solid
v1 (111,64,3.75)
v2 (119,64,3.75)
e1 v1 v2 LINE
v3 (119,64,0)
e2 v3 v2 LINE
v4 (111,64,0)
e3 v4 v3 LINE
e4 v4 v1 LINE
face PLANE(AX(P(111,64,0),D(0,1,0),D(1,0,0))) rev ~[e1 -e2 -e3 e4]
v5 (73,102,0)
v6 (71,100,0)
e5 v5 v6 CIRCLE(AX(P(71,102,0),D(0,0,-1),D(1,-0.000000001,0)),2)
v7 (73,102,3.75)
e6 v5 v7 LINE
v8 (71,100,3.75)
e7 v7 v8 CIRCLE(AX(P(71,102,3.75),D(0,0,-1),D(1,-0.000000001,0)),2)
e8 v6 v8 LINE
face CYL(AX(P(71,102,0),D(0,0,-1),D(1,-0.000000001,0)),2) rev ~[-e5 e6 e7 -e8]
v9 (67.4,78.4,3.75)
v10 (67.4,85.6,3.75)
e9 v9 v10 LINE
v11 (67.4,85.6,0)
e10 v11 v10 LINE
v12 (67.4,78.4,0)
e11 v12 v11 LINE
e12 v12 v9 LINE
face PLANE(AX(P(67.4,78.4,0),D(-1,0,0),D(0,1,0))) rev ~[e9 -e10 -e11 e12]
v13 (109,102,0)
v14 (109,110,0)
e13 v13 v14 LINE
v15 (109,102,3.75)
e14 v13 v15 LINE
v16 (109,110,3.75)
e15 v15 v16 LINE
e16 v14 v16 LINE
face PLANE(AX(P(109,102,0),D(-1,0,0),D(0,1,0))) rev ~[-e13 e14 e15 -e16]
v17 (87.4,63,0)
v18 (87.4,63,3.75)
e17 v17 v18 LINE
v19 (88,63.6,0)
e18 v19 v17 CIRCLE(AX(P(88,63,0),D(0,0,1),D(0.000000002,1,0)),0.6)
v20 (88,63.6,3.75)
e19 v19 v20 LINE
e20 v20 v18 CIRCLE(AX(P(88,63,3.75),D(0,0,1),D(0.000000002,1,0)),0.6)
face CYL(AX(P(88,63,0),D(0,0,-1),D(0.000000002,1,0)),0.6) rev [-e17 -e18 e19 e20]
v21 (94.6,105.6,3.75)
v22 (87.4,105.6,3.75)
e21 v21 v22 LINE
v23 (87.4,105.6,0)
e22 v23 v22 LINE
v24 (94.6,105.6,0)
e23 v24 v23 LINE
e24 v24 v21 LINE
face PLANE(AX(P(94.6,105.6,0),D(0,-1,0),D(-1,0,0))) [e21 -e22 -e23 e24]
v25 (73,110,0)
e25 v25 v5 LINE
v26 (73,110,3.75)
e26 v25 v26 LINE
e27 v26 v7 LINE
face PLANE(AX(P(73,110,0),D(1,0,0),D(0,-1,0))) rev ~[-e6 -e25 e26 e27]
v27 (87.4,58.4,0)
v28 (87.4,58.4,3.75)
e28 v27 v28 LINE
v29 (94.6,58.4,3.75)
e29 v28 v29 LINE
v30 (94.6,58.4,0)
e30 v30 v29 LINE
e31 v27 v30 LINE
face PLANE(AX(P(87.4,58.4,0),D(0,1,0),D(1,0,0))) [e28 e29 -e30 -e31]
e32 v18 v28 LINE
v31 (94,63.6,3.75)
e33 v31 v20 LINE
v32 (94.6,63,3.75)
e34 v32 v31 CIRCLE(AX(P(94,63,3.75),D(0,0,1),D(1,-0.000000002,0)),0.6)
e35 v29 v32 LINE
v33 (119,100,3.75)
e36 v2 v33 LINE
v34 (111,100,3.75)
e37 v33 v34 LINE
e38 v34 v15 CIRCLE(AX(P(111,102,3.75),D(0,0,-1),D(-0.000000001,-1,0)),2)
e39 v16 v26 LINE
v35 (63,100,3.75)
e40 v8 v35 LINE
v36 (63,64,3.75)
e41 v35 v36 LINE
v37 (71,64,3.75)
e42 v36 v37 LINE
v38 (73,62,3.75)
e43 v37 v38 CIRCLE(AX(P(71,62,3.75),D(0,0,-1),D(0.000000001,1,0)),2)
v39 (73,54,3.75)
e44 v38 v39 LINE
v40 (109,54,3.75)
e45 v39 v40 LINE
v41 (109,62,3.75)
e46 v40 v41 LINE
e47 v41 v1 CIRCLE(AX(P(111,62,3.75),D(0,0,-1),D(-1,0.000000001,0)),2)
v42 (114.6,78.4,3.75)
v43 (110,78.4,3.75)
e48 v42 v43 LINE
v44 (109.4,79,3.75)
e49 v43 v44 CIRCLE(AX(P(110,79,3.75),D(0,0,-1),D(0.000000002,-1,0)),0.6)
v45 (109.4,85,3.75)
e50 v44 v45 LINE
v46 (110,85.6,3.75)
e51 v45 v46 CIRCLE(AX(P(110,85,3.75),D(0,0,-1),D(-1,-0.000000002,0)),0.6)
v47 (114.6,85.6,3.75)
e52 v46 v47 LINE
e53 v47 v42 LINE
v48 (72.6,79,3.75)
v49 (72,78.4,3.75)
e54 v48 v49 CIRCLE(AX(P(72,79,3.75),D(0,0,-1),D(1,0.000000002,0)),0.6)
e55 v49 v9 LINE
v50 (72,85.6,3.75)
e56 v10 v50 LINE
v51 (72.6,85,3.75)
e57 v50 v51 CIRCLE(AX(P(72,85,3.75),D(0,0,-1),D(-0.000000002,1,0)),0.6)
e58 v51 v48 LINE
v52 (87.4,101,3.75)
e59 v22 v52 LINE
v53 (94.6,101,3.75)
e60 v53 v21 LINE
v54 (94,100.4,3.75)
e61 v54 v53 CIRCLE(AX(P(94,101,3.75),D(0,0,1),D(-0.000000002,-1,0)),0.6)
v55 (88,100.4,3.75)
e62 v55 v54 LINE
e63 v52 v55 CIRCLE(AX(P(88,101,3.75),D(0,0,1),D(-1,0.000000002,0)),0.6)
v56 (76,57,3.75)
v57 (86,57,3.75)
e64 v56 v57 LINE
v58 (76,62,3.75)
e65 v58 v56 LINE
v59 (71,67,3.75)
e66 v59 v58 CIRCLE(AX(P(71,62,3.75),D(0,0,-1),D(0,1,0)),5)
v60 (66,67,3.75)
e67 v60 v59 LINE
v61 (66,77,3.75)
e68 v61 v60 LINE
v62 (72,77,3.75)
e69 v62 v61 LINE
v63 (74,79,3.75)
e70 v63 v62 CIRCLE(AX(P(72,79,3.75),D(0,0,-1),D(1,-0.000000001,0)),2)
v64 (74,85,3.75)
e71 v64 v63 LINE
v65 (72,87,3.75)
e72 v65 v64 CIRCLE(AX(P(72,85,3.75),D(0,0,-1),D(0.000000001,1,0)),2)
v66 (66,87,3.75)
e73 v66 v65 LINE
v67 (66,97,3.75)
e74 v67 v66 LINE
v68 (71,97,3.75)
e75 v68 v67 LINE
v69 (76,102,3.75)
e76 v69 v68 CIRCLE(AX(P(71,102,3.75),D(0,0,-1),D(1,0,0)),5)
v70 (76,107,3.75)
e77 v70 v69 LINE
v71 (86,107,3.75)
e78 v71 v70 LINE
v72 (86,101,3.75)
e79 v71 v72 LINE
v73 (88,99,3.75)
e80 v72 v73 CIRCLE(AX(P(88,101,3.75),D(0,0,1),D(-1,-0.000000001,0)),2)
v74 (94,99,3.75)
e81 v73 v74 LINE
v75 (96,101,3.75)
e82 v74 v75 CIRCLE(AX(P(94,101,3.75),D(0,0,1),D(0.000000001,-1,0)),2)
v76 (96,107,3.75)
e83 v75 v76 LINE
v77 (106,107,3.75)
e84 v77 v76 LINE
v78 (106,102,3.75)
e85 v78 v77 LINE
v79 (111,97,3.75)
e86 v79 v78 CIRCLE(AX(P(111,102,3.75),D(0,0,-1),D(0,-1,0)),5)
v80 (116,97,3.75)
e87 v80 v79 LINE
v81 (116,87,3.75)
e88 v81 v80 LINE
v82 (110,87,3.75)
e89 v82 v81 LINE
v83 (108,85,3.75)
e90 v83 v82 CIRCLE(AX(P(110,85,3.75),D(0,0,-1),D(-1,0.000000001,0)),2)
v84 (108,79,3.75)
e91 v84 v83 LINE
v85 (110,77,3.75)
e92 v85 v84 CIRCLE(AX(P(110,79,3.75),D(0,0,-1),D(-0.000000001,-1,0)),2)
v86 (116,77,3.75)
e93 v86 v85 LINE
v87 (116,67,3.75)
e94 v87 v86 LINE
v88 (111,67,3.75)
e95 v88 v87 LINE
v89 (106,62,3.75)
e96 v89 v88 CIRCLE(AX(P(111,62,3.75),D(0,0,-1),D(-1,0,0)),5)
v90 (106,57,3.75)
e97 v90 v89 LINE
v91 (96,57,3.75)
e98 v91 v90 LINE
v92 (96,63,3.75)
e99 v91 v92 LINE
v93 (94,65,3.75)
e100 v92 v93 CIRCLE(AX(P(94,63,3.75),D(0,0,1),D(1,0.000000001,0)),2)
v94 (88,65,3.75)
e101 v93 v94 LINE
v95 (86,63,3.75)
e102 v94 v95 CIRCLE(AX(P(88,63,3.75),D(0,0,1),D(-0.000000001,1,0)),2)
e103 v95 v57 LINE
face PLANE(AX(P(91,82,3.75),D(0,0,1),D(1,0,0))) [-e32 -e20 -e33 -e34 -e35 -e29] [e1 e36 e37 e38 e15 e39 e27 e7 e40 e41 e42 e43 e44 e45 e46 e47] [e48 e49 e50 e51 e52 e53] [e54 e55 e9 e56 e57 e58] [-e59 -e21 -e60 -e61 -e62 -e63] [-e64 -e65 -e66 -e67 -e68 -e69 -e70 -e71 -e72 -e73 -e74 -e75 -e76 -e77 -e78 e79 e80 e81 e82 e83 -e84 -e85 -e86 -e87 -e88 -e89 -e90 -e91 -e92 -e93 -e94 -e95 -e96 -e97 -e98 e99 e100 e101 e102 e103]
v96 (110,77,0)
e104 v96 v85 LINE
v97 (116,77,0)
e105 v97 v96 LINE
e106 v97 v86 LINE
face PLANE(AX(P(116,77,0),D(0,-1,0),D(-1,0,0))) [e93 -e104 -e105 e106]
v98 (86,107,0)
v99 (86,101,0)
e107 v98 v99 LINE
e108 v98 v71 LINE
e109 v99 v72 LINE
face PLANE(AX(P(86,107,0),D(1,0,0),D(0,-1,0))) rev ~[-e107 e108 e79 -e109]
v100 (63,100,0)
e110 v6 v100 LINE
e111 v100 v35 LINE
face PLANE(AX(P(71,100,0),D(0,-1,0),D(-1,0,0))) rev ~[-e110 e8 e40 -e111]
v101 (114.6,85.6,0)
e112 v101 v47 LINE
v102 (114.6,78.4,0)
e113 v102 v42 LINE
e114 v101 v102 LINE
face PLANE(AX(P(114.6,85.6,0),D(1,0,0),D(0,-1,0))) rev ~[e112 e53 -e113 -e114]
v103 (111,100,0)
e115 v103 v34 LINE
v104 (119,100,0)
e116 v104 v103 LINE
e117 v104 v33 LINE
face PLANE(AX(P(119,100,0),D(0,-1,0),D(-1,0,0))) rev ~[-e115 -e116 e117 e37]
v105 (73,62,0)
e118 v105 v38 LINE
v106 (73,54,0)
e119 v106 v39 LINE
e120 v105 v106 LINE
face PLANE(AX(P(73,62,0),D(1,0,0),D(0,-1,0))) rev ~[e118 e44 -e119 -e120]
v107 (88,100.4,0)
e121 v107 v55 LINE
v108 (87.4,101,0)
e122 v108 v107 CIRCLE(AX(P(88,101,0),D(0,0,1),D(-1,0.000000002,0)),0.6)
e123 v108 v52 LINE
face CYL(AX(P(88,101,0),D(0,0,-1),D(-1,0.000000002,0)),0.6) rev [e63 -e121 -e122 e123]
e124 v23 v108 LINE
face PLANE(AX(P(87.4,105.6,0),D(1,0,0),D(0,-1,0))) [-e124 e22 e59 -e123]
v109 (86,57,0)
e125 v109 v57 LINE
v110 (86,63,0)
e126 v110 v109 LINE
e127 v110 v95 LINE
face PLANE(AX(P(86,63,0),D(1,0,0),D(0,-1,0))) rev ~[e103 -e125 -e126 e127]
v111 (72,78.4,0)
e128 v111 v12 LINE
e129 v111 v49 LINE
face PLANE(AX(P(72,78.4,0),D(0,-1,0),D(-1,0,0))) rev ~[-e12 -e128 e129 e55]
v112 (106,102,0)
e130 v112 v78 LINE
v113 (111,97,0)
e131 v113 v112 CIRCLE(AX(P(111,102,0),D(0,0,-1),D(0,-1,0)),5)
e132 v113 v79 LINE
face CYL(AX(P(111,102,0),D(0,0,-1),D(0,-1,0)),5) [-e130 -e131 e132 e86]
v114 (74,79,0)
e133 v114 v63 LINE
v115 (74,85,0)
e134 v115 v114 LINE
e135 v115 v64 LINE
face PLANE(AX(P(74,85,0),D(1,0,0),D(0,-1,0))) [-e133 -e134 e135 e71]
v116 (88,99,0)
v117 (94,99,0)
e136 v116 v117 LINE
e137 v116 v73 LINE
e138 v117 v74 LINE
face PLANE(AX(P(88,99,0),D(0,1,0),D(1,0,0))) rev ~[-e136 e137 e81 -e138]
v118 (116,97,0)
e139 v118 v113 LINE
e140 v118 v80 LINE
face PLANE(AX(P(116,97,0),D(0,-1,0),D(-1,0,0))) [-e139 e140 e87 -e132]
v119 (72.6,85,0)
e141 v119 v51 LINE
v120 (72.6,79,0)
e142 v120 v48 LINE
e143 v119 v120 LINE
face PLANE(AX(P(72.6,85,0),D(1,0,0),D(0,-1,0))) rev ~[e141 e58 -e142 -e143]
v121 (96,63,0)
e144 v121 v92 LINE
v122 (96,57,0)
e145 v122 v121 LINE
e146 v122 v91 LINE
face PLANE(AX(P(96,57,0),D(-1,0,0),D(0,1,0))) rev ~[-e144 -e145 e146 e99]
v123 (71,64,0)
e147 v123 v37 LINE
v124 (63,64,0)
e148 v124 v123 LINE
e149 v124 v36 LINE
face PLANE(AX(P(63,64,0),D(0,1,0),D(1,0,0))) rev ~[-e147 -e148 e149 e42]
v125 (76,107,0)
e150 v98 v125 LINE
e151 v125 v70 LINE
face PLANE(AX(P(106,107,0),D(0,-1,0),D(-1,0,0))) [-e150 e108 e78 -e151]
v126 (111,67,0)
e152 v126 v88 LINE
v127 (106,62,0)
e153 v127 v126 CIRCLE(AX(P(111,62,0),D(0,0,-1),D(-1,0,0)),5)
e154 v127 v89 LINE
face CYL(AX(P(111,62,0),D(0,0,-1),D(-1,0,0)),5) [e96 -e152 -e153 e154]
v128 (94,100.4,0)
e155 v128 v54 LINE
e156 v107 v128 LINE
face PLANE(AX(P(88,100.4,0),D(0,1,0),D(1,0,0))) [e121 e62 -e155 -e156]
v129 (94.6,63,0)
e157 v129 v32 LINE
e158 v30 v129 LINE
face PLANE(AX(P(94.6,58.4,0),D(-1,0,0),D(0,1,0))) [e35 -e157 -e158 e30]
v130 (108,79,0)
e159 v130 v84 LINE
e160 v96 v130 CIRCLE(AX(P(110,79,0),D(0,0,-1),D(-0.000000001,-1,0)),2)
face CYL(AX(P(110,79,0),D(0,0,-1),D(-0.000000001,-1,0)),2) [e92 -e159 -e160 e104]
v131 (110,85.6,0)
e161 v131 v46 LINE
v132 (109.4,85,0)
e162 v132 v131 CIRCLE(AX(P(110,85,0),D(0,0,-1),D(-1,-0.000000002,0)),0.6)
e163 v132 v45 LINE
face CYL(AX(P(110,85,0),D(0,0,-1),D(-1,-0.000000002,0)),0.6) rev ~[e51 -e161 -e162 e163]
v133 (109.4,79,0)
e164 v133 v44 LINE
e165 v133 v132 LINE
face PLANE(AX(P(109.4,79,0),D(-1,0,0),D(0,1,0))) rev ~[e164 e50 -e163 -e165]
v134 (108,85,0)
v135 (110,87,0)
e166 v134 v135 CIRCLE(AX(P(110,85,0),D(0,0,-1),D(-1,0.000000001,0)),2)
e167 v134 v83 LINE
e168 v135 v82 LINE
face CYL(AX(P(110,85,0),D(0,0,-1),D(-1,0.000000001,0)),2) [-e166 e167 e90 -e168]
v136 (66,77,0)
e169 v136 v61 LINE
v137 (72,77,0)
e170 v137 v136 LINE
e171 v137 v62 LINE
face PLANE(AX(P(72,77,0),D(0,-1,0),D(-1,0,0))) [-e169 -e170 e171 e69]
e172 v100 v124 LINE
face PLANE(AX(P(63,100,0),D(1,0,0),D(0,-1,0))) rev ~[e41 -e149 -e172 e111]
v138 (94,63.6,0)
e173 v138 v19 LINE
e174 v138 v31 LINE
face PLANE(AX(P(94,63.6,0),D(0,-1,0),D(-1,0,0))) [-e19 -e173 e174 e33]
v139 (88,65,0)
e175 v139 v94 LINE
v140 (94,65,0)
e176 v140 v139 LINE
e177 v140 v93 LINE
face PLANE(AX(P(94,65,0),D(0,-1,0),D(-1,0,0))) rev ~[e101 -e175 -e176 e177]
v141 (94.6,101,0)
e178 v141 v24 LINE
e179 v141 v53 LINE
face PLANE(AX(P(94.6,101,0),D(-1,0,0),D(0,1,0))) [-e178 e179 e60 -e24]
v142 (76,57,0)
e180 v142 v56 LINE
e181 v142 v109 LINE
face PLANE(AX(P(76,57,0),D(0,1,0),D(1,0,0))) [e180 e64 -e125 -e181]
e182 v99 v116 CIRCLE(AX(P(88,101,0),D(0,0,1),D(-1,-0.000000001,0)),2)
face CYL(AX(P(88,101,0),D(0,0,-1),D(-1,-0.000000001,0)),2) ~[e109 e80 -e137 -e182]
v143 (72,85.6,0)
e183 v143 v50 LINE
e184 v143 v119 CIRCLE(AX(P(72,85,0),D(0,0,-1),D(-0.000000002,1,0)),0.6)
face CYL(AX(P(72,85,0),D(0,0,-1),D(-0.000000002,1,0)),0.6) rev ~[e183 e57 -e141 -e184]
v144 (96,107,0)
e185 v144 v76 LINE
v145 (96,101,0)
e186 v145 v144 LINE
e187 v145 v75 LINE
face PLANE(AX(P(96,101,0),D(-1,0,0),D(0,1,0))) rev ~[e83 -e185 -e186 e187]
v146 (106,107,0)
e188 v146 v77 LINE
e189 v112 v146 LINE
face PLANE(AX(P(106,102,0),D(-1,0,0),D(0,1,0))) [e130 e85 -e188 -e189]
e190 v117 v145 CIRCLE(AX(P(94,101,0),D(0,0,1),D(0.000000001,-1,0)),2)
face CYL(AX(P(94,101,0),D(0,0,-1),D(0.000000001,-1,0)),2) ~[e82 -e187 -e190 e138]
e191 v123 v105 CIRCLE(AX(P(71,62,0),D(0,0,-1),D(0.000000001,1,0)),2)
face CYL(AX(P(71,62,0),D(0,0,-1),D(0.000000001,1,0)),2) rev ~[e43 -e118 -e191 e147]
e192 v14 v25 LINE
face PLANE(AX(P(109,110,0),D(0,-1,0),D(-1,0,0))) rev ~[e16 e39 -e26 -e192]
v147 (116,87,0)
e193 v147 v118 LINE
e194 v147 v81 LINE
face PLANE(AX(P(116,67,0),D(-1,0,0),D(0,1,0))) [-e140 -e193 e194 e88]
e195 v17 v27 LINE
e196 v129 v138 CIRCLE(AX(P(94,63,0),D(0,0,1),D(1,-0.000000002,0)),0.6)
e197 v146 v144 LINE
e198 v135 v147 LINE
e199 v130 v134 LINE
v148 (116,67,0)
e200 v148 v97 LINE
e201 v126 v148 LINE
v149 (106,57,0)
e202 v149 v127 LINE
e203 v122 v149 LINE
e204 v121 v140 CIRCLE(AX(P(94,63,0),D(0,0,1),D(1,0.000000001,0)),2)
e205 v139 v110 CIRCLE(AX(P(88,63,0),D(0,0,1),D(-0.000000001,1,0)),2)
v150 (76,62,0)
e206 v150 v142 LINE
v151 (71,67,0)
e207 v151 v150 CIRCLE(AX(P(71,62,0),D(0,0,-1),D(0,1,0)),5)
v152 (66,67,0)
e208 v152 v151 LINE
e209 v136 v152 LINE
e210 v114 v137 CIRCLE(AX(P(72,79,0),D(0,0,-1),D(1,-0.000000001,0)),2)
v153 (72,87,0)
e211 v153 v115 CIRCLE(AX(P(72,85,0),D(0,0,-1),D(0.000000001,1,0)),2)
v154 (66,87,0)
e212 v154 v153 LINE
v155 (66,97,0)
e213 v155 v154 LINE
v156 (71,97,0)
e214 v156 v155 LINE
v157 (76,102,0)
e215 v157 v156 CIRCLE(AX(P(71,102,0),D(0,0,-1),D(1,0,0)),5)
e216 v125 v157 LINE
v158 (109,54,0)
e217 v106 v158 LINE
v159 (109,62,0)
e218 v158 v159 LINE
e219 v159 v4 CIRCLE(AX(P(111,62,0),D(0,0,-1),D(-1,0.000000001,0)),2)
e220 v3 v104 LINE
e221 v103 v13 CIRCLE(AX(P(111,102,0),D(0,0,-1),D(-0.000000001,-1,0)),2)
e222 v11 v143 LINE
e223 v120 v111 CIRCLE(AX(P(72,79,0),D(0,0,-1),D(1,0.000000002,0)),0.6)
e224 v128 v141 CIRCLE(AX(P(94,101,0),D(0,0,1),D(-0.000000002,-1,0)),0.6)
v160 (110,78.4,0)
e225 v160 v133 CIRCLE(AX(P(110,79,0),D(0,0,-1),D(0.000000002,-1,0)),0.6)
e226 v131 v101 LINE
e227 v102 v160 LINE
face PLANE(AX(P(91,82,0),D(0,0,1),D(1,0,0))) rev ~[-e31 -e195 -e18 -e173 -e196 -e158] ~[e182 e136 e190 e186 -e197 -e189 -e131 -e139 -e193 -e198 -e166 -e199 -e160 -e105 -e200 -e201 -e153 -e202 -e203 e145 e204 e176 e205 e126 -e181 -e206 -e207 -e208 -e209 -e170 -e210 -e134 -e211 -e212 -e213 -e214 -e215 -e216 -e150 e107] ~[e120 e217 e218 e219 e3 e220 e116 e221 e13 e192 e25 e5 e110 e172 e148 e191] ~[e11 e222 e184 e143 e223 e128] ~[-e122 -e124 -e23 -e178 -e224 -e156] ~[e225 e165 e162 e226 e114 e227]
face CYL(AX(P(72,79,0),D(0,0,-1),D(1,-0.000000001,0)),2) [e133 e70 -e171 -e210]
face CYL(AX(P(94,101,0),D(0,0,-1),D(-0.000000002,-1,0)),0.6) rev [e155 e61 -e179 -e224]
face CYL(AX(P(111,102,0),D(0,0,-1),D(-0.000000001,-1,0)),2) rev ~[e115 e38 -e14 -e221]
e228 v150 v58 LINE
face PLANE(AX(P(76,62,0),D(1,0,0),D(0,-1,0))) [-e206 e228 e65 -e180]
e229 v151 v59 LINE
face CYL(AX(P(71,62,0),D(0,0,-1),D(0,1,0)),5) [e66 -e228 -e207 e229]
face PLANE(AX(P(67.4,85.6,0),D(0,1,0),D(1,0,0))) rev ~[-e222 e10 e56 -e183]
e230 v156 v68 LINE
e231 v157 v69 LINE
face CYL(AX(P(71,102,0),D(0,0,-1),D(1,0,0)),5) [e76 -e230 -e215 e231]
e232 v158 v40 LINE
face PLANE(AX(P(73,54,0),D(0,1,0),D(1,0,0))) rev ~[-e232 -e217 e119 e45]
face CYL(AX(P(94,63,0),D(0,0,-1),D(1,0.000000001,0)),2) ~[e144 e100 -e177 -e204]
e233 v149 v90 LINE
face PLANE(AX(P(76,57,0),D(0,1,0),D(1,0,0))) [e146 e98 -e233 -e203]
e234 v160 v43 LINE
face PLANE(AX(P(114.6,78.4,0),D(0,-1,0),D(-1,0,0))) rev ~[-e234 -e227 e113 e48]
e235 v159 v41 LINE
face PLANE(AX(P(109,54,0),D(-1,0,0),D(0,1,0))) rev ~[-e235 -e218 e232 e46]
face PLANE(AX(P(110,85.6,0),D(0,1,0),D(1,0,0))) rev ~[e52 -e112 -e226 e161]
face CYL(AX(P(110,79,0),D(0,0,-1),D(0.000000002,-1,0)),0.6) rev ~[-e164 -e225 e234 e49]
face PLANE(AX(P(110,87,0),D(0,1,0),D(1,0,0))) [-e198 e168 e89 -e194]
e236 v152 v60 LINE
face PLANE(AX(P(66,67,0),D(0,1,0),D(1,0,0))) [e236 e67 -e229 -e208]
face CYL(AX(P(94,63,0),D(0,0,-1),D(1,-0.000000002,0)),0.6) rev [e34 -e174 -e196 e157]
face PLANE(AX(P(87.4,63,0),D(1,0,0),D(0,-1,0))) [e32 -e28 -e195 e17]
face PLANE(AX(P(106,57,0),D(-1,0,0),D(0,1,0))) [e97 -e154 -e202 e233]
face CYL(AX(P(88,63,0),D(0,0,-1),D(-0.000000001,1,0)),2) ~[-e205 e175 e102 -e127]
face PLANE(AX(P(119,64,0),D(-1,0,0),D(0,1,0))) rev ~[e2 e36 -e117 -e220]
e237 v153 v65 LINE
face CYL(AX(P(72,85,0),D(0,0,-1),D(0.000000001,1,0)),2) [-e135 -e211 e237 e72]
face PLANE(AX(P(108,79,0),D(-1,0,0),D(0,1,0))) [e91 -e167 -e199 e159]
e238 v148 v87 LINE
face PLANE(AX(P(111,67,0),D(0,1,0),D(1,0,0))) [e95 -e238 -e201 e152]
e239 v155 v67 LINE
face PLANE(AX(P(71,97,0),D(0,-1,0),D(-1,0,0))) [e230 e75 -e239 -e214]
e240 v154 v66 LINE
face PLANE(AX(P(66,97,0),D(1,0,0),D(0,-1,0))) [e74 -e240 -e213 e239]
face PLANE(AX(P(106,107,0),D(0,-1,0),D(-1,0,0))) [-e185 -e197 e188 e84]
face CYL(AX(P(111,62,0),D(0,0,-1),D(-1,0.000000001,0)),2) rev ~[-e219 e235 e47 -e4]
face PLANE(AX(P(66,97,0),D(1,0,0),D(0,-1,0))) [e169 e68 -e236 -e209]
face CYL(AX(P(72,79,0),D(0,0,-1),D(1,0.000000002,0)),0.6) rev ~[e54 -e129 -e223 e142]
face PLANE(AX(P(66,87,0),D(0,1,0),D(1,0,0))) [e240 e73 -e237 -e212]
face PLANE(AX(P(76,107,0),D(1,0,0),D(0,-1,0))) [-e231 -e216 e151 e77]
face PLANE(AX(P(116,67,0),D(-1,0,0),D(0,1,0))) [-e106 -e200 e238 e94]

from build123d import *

# Parameters (mm, degrees)
EXTRUDE_THIN1_DEPTH = 3.75
EXTRUDE_THIN2_DEPTH = 3.75
EXTRUDE_THIN3_DEPTH = 3.75


with BuildPart() as part:
    # Sketch1 → Extrude-Thin1 (new body)
    with BuildSketch(Plane.XY):
        with BuildLine():
            Line((73, 62), (73, 54))
            Line((73, 54), (109, 54))
            Line((109, 54), (109, 62))
            ThreePointArc((109, 62), (109.585786438, 63.414213562), (111, 64))
            Line((111, 64), (119, 64))
            Line((119, 64), (119, 100))
            Line((119, 100), (111, 100))
            ThreePointArc((111, 100), (109.585786438, 100.585786438), (109, 102))
            Line((109, 102), (109, 110))
            Line((109, 110), (73, 110))
            Line((73, 110), (73, 102))
            ThreePointArc((73, 102), (72.414213562, 100.585786438), (71, 100))
            Line((71, 100), (63, 100))
            Line((63, 100), (63, 64))
            Line((63, 64), (71, 64))
            ThreePointArc((71, 64), (72.414213562, 63.414213562), (73, 62))
        make_face()
        with BuildLine():
            Line((76, 62), (76, 57))
            Line((76, 57), (106, 57))
            Line((106, 57), (106, 62))
            ThreePointArc((106, 62), (107.464466094, 65.535533906), (111, 67))
            Line((111, 67), (116, 67))
            Line((116, 67), (116, 97))
            Line((116, 97), (111, 97))
            ThreePointArc((111, 97), (107.464466094, 98.464466094), (106, 102))
            Line((106, 102), (106, 107))
            Line((106, 107), (76, 107))
            Line((76, 107), (76, 102))
            ThreePointArc((76, 102), (74.535533906, 98.464466094), (71, 97))
            Line((71, 97), (66, 97))
            Line((66, 97), (66, 67))
            Line((66, 67), (71, 67))
            ThreePointArc((71, 67), (74.535533906, 65.535533906), (76, 62))
        make_face(mode=Mode.SUBTRACT)
    extrude(amount=EXTRUDE_THIN1_DEPTH)

    # Sketch2 → Extrude-Thin2 (add)
    # profile 1 of 2: a face of its own
    with BuildSketch(Plane.XY):
        with BuildLine():
            Line((74, 85), (74, 79))
            ThreePointArc((74, 79), (73.414213562, 77.585786438), (72, 77))
            Line((72, 77), (66, 77))
            Line((66, 77), (66, 87))
            Line((66, 87), (72, 87))
            ThreePointArc((72, 87), (73.414213562, 86.414213562), (74, 85))
        make_face()
        with BuildLine():
            Line((72.6, 85), (72.6, 79))
            ThreePointArc((72.6, 79), (72.424264069, 78.575735931), (72, 78.4))
            Line((72, 78.4), (67.4, 78.4))
            Line((67.4, 78.4), (67.4, 85.6))
            Line((67.4, 85.6), (72, 85.6))
            ThreePointArc((72, 85.6), (72.424264069, 85.424264069), (72.6, 85))
        make_face(mode=Mode.SUBTRACT)
    # profile 2 of 2: a face of its own
    with BuildSketch(Plane.XY):
        with BuildLine():
            Line((108, 79), (108, 85))
            ThreePointArc((108, 85), (108.585786438, 86.414213562), (110, 87))
            Line((110, 87), (116, 87))
            Line((116, 87), (116, 77))
            Line((116, 77), (110, 77))
            ThreePointArc((110, 77), (108.585786438, 77.585786438), (108, 79))
        make_face()
        with BuildLine():
            Line((109.4, 79), (109.4, 85))
            ThreePointArc((109.4, 85), (109.575735931, 85.424264069), (110, 85.6))
            Line((110, 85.6), (114.6, 85.6))
            Line((114.6, 85.6), (114.6, 78.4))
            Line((114.6, 78.4), (110, 78.4))
            ThreePointArc((110, 78.4), (109.575735931, 78.575735931), (109.4, 79))
        make_face(mode=Mode.SUBTRACT)
    extrude(amount=EXTRUDE_THIN2_DEPTH)

    # Sketch3 → Extrude-Thin3 (add)
    # profile 1 of 2: a face of its own
    with BuildSketch(Plane.XY):
        with BuildLine():
            Line((96, 101), (96, 107))
            Line((96, 107), (86, 107))
            Line((86, 107), (86, 101))
            ThreePointArc((86, 101), (86.585786438, 99.585786438), (88, 99))
            Line((88, 99), (94, 99))
            ThreePointArc((94, 99), (95.414213562, 99.585786438), (96, 101))
        make_face()
        with BuildLine():
            Line((94.6, 101), (94.6, 105.6))
            Line((94.6, 105.6), (87.4, 105.6))
            Line((87.4, 105.6), (87.4, 101))
            ThreePointArc((87.4, 101), (87.575735931, 100.575735931), (88, 100.4))
            Line((88, 100.4), (94, 100.4))
            ThreePointArc((94, 100.4), (94.424264069, 100.575735931), (94.6, 101))
        make_face(mode=Mode.SUBTRACT)
    # profile 2 of 2: a face of its own
    with BuildSketch(Plane.XY):
        with BuildLine():
            Line((86, 63), (86, 57))
            Line((86, 57), (96, 57))
            Line((96, 57), (96, 63))
            ThreePointArc((96, 63), (95.414213562, 64.414213562), (94, 65))
            Line((94, 65), (88, 65))
            ThreePointArc((88, 65), (86.585786438, 64.414213562), (86, 63))
        make_face()
        with BuildLine():
            Line((87.4, 63), (87.4, 58.4))
            Line((87.4, 58.4), (94.6, 58.4))
            Line((94.6, 58.4), (94.6, 63))
            ThreePointArc((94.6, 63), (94.424264069, 63.424264069), (94, 63.6))
            Line((94, 63.6), (88, 63.6))
            ThreePointArc((88, 63.6), (87.575735931, 63.424264069), (87.4, 63))
        make_face(mode=Mode.SUBTRACT)
    extrude(amount=EXTRUDE_THIN3_DEPTH)


solid = part.part
